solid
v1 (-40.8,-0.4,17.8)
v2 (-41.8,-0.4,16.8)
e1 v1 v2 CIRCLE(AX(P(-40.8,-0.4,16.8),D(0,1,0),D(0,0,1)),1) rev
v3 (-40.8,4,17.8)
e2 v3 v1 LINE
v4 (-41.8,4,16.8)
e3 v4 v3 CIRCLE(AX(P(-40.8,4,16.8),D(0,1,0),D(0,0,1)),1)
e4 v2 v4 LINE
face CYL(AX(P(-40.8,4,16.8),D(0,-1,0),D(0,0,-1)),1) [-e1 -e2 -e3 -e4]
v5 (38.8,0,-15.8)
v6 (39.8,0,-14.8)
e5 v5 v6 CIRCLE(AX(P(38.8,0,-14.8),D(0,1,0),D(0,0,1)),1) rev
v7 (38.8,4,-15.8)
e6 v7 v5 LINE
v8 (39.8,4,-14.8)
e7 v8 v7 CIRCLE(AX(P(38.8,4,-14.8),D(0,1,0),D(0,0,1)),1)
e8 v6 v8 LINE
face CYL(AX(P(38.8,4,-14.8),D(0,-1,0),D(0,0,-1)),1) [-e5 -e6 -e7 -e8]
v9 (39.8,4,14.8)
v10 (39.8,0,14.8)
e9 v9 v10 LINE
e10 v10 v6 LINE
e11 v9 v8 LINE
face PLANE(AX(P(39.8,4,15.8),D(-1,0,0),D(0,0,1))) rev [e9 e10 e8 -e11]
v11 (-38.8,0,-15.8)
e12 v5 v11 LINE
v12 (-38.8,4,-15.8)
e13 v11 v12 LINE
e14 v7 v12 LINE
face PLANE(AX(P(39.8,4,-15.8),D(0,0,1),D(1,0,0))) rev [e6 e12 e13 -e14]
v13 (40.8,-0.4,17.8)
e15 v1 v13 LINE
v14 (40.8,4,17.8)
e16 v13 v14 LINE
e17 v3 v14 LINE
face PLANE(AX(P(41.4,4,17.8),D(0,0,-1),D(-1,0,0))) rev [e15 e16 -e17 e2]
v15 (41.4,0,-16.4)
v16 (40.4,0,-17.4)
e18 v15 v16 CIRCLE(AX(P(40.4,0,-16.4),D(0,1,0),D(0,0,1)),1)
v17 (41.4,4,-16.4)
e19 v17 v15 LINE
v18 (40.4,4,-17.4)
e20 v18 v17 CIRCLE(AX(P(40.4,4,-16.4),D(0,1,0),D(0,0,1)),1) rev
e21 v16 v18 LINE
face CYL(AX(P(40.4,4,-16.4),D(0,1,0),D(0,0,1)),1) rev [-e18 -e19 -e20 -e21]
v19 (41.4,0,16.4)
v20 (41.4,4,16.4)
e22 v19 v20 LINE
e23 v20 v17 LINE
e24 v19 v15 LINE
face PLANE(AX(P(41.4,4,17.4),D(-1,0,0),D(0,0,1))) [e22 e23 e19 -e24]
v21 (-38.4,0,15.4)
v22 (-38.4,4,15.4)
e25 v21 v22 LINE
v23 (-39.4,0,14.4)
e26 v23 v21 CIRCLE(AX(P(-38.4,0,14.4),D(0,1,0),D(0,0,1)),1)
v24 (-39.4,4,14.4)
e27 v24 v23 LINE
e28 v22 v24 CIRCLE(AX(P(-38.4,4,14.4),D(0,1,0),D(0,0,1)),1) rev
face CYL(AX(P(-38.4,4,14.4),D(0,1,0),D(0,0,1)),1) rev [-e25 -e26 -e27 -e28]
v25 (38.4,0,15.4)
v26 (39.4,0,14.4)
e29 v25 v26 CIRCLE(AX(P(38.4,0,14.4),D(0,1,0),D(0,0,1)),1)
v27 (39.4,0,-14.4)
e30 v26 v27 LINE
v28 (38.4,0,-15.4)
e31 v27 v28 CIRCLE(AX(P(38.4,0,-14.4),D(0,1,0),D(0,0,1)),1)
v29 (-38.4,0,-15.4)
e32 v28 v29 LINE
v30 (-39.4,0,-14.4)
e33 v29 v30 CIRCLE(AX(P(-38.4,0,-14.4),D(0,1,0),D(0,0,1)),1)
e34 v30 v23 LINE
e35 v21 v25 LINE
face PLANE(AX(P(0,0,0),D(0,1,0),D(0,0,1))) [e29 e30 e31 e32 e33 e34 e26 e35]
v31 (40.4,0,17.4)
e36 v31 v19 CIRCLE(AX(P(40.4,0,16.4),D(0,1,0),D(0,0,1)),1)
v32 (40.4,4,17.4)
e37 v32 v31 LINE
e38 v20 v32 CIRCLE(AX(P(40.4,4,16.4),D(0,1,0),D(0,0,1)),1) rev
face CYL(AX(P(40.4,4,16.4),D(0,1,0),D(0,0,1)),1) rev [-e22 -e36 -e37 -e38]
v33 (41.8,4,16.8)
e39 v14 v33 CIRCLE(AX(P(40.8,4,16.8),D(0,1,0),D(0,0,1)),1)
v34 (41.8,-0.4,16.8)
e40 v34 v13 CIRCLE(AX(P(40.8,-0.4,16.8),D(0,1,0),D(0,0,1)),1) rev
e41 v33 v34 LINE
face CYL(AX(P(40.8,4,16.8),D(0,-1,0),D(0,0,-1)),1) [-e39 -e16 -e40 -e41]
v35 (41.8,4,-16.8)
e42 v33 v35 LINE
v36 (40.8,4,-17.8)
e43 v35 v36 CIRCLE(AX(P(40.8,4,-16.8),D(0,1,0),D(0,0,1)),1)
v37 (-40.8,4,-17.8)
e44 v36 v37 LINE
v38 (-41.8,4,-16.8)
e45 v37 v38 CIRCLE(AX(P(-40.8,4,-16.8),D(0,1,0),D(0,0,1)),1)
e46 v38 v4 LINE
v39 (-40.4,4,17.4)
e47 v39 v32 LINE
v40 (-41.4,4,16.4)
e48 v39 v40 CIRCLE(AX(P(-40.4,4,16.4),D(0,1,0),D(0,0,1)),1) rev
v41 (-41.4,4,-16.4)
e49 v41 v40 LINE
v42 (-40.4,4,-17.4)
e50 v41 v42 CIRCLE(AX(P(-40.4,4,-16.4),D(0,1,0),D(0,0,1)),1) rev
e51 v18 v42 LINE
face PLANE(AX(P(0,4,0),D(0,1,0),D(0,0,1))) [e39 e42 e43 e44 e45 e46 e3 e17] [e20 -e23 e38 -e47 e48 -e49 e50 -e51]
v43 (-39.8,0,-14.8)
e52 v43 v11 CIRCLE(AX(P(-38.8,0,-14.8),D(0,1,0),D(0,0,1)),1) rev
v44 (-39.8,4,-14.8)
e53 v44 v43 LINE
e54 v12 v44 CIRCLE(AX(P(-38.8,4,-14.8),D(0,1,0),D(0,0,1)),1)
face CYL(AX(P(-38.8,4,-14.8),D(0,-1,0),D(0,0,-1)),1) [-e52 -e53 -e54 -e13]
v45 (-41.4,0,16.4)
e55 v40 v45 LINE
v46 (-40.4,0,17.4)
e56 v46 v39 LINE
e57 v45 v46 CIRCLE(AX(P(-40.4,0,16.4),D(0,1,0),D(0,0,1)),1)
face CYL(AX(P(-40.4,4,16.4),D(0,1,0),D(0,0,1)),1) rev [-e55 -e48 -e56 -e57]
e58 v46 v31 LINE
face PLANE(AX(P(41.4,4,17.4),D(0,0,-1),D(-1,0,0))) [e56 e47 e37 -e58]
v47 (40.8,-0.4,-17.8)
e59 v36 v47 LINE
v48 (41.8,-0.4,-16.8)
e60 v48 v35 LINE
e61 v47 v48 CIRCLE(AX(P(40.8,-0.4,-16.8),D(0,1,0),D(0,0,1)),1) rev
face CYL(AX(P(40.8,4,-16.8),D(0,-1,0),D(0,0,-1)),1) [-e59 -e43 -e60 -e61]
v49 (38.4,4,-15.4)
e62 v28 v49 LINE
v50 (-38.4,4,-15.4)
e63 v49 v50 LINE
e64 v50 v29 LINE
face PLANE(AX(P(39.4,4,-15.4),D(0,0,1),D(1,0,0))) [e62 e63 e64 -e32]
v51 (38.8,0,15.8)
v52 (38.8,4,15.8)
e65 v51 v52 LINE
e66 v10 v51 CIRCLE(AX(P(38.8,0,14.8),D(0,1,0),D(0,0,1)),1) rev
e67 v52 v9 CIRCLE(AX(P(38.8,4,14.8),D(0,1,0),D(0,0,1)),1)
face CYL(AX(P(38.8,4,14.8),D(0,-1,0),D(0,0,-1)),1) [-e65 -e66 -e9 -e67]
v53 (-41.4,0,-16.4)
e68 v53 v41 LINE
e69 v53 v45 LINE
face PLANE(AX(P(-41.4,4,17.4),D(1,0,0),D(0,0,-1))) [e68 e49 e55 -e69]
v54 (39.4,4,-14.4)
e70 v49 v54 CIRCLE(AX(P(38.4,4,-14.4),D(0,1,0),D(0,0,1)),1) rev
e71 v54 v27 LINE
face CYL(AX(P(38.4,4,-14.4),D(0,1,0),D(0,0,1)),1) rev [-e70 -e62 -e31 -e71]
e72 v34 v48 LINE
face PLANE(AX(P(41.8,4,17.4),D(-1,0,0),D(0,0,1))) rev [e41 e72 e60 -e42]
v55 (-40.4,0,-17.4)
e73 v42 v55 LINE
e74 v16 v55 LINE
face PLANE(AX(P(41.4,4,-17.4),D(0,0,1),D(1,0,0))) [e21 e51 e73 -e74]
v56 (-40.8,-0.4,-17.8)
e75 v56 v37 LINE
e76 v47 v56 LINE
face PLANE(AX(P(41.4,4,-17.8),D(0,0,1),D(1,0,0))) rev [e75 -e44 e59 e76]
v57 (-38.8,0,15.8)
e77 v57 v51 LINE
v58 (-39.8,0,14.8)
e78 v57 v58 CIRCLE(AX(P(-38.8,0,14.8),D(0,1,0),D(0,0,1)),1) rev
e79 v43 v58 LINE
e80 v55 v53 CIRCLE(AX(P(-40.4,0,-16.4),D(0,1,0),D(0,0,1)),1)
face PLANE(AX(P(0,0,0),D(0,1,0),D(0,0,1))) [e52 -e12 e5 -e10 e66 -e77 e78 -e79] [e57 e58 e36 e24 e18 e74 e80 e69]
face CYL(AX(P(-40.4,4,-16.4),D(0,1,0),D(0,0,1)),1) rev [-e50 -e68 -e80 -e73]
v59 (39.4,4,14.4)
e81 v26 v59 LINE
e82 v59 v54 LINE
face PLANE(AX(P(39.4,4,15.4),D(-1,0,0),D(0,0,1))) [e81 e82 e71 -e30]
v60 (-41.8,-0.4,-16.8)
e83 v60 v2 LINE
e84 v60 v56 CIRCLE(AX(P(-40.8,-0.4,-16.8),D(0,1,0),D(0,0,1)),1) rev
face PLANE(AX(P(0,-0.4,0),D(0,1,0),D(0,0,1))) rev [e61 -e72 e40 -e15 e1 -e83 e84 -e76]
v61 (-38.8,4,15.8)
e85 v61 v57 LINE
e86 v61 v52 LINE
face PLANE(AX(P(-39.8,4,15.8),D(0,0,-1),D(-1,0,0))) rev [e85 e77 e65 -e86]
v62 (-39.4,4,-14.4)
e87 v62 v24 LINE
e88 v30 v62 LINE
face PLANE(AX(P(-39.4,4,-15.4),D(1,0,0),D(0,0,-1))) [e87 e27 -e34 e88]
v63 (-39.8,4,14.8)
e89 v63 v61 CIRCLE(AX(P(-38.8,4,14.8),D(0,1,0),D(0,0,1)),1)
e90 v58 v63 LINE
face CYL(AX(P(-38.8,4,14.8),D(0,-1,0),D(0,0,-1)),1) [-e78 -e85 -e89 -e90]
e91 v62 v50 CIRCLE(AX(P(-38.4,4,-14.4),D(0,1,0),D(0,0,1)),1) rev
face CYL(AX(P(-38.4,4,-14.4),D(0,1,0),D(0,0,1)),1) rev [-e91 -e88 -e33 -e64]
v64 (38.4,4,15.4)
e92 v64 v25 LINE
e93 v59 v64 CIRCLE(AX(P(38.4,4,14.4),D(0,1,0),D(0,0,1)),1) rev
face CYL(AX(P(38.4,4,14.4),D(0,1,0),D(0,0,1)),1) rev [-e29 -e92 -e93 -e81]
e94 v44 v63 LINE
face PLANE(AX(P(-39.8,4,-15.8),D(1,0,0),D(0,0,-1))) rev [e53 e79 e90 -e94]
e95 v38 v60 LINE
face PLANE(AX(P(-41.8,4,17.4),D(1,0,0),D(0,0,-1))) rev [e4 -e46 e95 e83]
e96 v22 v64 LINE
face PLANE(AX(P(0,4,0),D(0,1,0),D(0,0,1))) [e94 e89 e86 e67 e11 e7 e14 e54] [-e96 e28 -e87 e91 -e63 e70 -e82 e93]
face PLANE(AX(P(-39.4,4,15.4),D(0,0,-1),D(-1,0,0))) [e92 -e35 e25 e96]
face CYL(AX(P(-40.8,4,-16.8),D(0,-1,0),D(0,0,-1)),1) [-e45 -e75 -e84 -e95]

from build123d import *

# Parameters (mm, degrees)
ESBO_O1_W                = 82.8
ESBO_O1_H                = 34.8
RESSALTO_EXTRUS_O1_DEPTH = 4
CASCA2_T                 = 0.4
ESBO_O2_W                = 79.6
ESBO_O2_H                = 31.6
ESBO_O2_W_2              = 78.8
ESBO_O2_H_2              = 30.8
RESSALTO_EXTRUS_O2_DEPTH = 4
FILETE1_R                = 1


with BuildPart() as part:
    # Esboço1 → Ressalto-extrusão1 (new body)
    with BuildSketch(Plane(origin=(0, 0, 0), x_dir=(1, 0, 0), z_dir=(0, 1, 0))):
        Rectangle(ESBO_O1_W, ESBO_O1_H)
    extrude(amount=RESSALTO_EXTRUS_O1_DEPTH)

    # Casca2
    casca2_openings = [part.faces().sort_by_distance(p)[0] for p in [
        (0, 4, 0),
    ]]
    offset(amount=CASCA2_T, openings=casca2_openings, kind=Kind.INTERSECTION)

    # Esboço2 → Ressalto-extrusão2 (add)
    with BuildSketch(Plane(origin=(0, 0, 0), x_dir=(1, 0, 0), z_dir=(0, 1, 0))):
        Rectangle(ESBO_O2_W, ESBO_O2_H)
        Rectangle(ESBO_O2_W_2, ESBO_O2_H_2, mode=Mode.SUBTRACT)
    extrude(amount=RESSALTO_EXTRUS_O2_DEPTH)

    # Filete1
    filete1_edges = [part.edges().sort_by_distance(p)[0] for p in [
        (-41.4, 2, -17.4),
        (-41.4, 2, 17.4),
        (41.4, 2, 17.4),
        (41.4, 2, -17.4),
        (39.8, 2, -15.8),
        (-39.8, 2, -15.8),
        (-39.8, 2, 15.8),
        (39.8, 2, 15.8),
        (-39.4, 2, -15.4),
        (-39.4, 2, 15.4),
        (39.4, 2, 15.4),
        (39.4, 2, -15.4),
        (-41.8, 1.8, -17.8),
        (41.8, 1.8, -17.8),
        (41.8, 1.8, 17.8),
        (-41.8, 1.8, 17.8),
    ]]
    fillet(filete1_edges, radius=FILETE1_R)


solid = part.part
